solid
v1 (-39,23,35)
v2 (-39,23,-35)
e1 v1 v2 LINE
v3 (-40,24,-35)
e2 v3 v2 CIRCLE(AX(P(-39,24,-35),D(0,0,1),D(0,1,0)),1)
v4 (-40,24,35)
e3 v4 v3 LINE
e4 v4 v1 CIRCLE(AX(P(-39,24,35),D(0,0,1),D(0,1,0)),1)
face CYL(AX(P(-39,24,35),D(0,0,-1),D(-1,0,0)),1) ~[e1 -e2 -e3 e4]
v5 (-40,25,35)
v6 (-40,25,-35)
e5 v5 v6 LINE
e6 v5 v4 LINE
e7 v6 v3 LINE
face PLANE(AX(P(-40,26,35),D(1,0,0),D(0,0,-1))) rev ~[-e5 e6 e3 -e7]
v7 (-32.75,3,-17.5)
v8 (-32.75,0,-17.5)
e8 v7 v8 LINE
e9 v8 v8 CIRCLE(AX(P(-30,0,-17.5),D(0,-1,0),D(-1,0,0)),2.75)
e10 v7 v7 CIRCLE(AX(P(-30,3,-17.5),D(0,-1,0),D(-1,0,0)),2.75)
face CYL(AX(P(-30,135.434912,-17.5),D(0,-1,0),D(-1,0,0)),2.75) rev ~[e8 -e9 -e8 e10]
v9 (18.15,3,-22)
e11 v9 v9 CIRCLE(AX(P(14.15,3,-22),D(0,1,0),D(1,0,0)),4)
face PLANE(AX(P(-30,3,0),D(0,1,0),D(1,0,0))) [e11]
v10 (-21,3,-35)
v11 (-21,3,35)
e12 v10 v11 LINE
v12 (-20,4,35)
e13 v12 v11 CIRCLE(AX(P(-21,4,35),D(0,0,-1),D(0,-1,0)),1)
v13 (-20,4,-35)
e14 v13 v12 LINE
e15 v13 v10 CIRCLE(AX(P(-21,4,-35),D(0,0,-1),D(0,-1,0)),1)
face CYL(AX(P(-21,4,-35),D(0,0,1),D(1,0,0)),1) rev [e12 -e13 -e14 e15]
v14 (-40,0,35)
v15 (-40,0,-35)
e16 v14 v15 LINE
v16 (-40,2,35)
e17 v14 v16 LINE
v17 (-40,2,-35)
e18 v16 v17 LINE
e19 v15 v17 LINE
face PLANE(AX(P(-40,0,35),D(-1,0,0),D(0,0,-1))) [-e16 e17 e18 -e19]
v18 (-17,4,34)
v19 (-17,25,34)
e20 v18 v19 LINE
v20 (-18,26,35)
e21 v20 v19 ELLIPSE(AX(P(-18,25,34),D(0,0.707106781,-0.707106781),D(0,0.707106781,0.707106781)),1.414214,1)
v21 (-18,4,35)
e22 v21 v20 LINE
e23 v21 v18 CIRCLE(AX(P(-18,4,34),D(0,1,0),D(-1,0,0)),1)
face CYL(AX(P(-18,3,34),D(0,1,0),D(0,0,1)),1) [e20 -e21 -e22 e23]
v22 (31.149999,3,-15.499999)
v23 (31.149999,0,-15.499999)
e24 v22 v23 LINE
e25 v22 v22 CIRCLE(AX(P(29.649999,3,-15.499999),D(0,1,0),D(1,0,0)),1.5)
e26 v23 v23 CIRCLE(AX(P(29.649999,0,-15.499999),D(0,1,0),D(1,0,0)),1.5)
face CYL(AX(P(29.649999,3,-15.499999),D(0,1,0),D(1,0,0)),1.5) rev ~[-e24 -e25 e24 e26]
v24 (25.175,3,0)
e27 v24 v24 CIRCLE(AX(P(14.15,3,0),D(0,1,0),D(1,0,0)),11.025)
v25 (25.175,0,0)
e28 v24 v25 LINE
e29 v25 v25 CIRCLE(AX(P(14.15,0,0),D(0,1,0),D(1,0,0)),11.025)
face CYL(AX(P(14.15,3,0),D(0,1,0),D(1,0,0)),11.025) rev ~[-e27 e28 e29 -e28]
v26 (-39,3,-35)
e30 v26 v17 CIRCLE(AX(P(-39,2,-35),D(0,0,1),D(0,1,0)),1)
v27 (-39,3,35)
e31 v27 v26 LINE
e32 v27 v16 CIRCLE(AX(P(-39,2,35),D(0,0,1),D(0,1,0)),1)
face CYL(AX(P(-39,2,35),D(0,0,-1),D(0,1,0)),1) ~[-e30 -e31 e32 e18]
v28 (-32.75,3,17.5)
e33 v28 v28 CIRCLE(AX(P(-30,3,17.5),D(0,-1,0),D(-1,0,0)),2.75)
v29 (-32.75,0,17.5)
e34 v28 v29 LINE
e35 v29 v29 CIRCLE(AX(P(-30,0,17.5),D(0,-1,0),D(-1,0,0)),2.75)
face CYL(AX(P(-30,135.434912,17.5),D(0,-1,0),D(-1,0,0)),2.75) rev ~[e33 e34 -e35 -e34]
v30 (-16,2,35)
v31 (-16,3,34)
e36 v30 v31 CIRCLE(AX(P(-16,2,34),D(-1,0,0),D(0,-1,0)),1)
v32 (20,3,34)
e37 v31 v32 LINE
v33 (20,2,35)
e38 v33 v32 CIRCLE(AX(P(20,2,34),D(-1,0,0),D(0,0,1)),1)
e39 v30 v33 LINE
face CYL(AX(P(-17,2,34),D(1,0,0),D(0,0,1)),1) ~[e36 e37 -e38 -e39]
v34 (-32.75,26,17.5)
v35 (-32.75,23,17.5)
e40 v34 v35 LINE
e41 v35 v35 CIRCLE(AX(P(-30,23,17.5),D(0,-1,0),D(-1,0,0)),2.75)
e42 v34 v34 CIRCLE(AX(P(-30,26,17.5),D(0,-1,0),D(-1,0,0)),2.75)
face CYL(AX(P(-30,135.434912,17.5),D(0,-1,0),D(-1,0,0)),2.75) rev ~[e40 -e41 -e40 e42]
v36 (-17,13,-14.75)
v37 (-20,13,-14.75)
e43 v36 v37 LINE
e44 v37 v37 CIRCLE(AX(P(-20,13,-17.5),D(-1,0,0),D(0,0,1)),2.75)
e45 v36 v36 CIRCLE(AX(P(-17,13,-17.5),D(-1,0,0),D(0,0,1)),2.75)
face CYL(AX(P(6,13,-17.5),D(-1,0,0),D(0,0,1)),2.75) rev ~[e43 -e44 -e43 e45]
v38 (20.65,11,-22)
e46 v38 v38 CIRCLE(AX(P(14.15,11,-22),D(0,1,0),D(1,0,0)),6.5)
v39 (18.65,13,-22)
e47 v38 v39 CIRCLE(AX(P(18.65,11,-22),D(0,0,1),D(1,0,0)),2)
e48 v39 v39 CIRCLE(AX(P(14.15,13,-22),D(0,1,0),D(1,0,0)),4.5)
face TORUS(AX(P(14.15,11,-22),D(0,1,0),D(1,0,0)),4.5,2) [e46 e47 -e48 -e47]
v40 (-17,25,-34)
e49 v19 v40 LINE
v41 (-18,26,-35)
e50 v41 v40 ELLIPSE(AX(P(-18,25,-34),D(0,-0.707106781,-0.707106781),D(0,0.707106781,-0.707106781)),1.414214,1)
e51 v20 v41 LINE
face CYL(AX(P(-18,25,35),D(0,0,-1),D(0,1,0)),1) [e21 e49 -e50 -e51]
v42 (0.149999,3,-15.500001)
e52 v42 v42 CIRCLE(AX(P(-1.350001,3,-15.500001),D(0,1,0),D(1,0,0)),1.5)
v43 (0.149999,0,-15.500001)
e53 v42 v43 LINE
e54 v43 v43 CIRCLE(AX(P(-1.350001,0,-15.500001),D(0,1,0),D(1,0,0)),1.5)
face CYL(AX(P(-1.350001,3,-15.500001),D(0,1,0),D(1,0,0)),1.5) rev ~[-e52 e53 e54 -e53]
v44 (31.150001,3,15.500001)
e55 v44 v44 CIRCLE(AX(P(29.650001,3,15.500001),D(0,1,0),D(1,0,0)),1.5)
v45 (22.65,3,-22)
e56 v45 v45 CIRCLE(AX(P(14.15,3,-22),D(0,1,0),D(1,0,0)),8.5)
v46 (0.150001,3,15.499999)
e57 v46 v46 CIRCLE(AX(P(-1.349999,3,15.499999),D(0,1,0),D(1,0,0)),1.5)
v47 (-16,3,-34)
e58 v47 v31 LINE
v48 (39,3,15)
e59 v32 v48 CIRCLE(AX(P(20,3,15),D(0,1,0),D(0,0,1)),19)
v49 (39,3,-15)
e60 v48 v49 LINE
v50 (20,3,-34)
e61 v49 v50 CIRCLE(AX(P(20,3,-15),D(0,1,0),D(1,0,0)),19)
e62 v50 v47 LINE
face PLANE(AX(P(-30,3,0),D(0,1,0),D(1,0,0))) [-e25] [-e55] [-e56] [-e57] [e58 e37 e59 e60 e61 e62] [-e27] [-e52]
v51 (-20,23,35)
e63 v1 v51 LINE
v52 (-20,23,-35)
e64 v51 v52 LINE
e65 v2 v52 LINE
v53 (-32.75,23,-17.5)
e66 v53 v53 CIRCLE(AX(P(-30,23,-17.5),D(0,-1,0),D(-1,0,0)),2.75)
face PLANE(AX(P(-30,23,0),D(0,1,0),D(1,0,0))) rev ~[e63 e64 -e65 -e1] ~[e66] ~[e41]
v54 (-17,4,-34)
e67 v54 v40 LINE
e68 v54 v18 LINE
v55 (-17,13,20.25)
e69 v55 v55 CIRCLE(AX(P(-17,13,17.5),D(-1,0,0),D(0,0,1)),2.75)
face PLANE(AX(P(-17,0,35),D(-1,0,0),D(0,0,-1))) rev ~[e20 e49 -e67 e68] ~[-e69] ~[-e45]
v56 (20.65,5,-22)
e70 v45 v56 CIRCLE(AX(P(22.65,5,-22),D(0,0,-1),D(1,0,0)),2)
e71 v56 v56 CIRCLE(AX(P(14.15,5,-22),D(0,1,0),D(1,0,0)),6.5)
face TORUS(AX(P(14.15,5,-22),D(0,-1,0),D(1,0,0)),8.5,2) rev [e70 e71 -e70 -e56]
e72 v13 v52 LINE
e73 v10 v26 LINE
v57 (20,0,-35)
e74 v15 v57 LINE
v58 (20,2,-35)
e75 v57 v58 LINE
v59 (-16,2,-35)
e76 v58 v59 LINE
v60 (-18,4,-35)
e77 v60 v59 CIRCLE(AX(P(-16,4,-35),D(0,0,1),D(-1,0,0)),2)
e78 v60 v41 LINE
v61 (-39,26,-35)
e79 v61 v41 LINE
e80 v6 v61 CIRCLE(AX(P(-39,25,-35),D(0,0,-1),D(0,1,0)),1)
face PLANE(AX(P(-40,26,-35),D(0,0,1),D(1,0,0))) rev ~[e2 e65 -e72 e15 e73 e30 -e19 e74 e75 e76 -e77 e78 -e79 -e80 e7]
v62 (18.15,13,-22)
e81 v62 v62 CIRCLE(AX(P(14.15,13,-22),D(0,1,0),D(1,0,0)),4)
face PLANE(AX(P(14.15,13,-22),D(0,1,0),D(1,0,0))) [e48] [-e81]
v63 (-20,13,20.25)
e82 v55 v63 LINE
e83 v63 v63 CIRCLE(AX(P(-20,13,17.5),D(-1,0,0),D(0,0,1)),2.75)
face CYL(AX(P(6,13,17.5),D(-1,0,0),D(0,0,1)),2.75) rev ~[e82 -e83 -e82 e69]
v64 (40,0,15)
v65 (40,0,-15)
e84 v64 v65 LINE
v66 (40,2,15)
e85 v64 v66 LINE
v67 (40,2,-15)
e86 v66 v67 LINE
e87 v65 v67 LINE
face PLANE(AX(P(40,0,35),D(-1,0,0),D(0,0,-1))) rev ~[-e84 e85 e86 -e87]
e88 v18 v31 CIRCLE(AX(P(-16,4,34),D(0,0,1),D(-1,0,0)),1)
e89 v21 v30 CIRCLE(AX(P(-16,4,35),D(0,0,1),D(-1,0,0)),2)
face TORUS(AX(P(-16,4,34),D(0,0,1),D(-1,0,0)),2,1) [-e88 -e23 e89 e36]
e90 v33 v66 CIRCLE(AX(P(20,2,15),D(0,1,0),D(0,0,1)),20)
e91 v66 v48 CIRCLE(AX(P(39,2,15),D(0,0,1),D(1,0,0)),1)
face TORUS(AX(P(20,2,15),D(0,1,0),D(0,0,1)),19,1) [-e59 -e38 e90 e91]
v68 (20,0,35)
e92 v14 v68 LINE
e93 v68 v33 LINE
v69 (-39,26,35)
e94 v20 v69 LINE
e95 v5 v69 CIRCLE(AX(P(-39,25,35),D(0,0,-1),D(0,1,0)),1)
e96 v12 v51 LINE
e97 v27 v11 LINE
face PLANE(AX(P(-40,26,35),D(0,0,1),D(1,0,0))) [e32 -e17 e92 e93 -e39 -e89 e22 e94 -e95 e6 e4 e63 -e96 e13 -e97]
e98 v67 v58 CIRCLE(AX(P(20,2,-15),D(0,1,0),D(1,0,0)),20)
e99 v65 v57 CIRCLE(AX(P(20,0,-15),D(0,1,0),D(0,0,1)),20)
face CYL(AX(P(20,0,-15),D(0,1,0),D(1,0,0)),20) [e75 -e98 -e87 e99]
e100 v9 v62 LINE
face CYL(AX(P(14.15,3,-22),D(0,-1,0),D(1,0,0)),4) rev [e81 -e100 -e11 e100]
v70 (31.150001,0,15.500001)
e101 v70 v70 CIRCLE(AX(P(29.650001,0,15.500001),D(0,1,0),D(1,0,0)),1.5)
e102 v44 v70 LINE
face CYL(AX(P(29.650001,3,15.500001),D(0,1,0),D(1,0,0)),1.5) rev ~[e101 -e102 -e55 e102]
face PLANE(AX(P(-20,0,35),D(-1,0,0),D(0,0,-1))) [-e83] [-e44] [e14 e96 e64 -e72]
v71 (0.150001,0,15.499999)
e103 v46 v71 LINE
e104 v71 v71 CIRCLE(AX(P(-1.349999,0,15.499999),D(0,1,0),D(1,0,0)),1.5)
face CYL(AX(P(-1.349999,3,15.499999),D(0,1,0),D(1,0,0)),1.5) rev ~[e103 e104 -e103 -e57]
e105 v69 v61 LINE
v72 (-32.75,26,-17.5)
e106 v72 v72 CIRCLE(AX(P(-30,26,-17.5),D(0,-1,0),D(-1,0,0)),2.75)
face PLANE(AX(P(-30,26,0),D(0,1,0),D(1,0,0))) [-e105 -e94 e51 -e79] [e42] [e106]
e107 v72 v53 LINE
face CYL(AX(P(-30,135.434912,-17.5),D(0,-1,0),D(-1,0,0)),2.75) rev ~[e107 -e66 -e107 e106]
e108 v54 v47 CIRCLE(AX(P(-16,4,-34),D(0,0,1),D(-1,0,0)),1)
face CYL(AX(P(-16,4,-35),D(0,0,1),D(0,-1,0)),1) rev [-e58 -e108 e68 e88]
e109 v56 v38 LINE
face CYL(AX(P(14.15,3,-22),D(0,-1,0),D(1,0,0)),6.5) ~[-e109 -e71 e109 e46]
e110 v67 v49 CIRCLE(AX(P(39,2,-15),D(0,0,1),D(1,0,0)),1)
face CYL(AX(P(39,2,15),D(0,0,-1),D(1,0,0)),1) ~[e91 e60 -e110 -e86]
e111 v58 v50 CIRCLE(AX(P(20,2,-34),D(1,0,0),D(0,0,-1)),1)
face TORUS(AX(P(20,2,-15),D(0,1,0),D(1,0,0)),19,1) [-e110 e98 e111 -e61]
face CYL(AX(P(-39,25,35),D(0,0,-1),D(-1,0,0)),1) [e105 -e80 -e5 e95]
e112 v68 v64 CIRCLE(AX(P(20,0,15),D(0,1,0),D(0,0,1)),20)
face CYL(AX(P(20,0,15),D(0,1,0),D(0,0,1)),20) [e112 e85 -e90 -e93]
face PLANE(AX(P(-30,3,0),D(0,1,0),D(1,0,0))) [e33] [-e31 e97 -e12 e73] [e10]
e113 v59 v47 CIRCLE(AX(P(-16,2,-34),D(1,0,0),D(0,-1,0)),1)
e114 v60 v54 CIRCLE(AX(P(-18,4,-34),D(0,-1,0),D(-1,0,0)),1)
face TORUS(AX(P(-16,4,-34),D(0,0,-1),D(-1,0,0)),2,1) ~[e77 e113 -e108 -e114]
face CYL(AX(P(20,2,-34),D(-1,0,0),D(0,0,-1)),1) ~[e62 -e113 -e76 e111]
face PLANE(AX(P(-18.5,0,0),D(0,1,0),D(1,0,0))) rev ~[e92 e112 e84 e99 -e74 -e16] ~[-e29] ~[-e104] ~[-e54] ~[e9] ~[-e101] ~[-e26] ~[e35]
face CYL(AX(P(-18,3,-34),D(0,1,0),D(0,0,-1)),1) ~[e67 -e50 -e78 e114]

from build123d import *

# Parameters (mm, degrees)
SKETCH1_W                = 20
SKETCH1_H                = 70
SKETCH1_R                = 2.5
SKETCH1_W_2              = 57
SKETCH1_W_3              = 3
BOSS_EXTRUDE1_DEPTH      = 3
SKETCH1_3_W              = 3
SKETCH1_3_H              = 70
BOSS_EXTRUDE2_DEPTH      = 26
SKETCH2_R                = 2.5
CUT_EXTRUDE1_DEPTH       = 17
SKETCH3_R                = 1.5
SKETCH3_R_2              = 11.025
CUT_EXTRUDE2_DEPTH       = 10
FILLET1_R                = 20
BOSS_EXTRUDE4_START      = 26
SKETCH1_4_W              = 20
SKETCH1_4_H              = 70
SKETCH1_4_R              = 2.5
BOSS_EXTRUDE4_DEPTH      = 3
SKETCH4_R                = 6.5
SKETCH4_R_2              = 4
BOSS_EXTRUDE5_DEPTH      = 10
FILLET2_R                = 1
FILLET3_R                = 2
M5_CLEARANCE_HOLE1_D     = 5.5
M5_CLEARANCE_HOLE1_DEPTH = 23
M5_CLEARANCE_HOLE2_D     = 5.5


with BuildPart() as part:
    # Sketch1 → Boss-Extrude1 (new body)
    with BuildSketch(Plane(origin=(0, 0, 0), x_dir=(1, 0, 0), z_dir=(0, 1, 0))):
        with Locations((-30, 0)):
            Rectangle(SKETCH1_W, SKETCH1_H)
        with Locations((-30, -17.5)):
            Circle(SKETCH1_R, mode=Mode.SUBTRACT)
        with Locations((-30, 17.5)):
            Circle(SKETCH1_R, mode=Mode.SUBTRACT)
        with Locations((11.5, 0)):
            Rectangle(SKETCH1_W_2, SKETCH1_H)
        with Locations((-18.5, 0)):
            Rectangle(SKETCH1_W_3, SKETCH1_H)
    extrude(amount=BOSS_EXTRUDE1_DEPTH)

    # Sketch1<3> → Boss-Extrude2 (add)
    with BuildSketch(Plane(origin=(0, 0, 0), x_dir=(1, 0, 0), z_dir=(0, 1, 0))):
        with Locations((-18.5, 0)):
            Rectangle(SKETCH1_3_W, SKETCH1_3_H)
    extrude(amount=BOSS_EXTRUDE2_DEPTH)

    # Sketch2 → Cut-Extrude1 (cut)
    with BuildSketch(Plane(origin=(-17, 0, 0), x_dir=(0, 0, -1), z_dir=(1, 0, 0))):
        with Locations((-17.5, 13)):
            Circle(SKETCH2_R)
        with Locations((17.5, 13)):
            Circle(SKETCH2_R)
    extrude(amount=-CUT_EXTRUDE1_DEPTH, mode=Mode.SUBTRACT)

    # Sketch3 → Cut-Extrude2 (cut)
    with BuildSketch(Plane(origin=(0, 3, 0), x_dir=(1, 0, 0), z_dir=(0, 1, 0))):
        with Locations((-1.350000521, 15.500000521)):
            Circle(SKETCH3_R)
        with Locations((14.15, 0)):
            Circle(SKETCH3_R_2)
        with Locations((29.649999479, 15.499999479)):
            Circle(SKETCH3_R)
        with Locations((29.650000521, -15.500000521)):
            Circle(SKETCH3_R)
        with Locations((-1.349999479, -15.499999479)):
            Circle(SKETCH3_R)
    extrude(amount=-CUT_EXTRUDE2_DEPTH, mode=Mode.SUBTRACT)

    # Fillet1
    fillet1_edges = [part.edges().sort_by_distance(p)[0] for p in [
        (40, 1.5, -35),
        (40, 1.5, 35),
    ]]
    fillet(fillet1_edges, radius=FILLET1_R)

    # Sketch1<4> → Boss-Extrude4 (add)
    with BuildSketch(Plane(origin=(0, 0, 0), x_dir=(1, 0, 0), z_dir=(0, 1, 0)).offset(BOSS_EXTRUDE4_START)):
        with Locations((-30, 0)):
            Rectangle(SKETCH1_4_W, SKETCH1_4_H)
        with Locations((-30, -17.5)):
            Circle(SKETCH1_4_R, mode=Mode.SUBTRACT)
        with Locations((-30, 17.5)):
            Circle(SKETCH1_4_R, mode=Mode.SUBTRACT)
    extrude(amount=-BOSS_EXTRUDE4_DEPTH)

    # Sketch4 → Boss-Extrude5 (add)
    with BuildSketch(Plane(origin=(0, 3, 0), x_dir=(1, 0, 0), z_dir=(0, 1, 0))):
        with Locations((14.15, 22)):
            Circle(SKETCH4_R)
        with Locations((14.15, 22)):
            Circle(SKETCH4_R_2, mode=Mode.SUBTRACT)
    extrude(amount=BOSS_EXTRUDE5_DEPTH)

    # Fillet2
    fillet2_edges = [part.edges().sort_by_distance(p)[0] for p in [
        (-17, 14.5, -35),
        (-17, 14.5, 35),
        (1.5, 3, -35),
        (34.142135624, 3, -29.142135624),
        (40, 3, 0),
        (34.142135624, 3, 29.142135624),
        (-17, 3, 0),
        (-17, 26, 0),
        (1.5, 3, 35),
        (-20, 3, 0),
        (-40, 23, 0),
        (-40, 3, 0),
        (-40, 26, 0),
    ]]
    fillet(fillet2_edges, radius=FILLET2_R)

    # Fillet3
    fillet3_edges = [part.edges().sort_by_distance(p)[0] for p in [
        (7.65, 13, -22),
        (7.65, 3, -22),
    ]]
    fillet(fillet3_edges, radius=FILLET3_R)

    # M5 Clearance Hole1
    with Locations(Plane(origin=(-17, 0, 0), x_dir=(0, 0, -1), z_dir=(1, 0, 0))):
        with Locations((-17.5, 13), (17.5, 13)):
            Hole(M5_CLEARANCE_HOLE1_D / 2, depth=M5_CLEARANCE_HOLE1_DEPTH)

    # M5 Clearance Hole2 (through all)
    with Locations(Plane(origin=(0, 26, 0), x_dir=(1, 0, 0), z_dir=(0, 1, 0))):
        with Locations((-30, -17.5), (-30, 17.5)):
            Hole(M5_CLEARANCE_HOLE2_D / 2)


solid = part.part
